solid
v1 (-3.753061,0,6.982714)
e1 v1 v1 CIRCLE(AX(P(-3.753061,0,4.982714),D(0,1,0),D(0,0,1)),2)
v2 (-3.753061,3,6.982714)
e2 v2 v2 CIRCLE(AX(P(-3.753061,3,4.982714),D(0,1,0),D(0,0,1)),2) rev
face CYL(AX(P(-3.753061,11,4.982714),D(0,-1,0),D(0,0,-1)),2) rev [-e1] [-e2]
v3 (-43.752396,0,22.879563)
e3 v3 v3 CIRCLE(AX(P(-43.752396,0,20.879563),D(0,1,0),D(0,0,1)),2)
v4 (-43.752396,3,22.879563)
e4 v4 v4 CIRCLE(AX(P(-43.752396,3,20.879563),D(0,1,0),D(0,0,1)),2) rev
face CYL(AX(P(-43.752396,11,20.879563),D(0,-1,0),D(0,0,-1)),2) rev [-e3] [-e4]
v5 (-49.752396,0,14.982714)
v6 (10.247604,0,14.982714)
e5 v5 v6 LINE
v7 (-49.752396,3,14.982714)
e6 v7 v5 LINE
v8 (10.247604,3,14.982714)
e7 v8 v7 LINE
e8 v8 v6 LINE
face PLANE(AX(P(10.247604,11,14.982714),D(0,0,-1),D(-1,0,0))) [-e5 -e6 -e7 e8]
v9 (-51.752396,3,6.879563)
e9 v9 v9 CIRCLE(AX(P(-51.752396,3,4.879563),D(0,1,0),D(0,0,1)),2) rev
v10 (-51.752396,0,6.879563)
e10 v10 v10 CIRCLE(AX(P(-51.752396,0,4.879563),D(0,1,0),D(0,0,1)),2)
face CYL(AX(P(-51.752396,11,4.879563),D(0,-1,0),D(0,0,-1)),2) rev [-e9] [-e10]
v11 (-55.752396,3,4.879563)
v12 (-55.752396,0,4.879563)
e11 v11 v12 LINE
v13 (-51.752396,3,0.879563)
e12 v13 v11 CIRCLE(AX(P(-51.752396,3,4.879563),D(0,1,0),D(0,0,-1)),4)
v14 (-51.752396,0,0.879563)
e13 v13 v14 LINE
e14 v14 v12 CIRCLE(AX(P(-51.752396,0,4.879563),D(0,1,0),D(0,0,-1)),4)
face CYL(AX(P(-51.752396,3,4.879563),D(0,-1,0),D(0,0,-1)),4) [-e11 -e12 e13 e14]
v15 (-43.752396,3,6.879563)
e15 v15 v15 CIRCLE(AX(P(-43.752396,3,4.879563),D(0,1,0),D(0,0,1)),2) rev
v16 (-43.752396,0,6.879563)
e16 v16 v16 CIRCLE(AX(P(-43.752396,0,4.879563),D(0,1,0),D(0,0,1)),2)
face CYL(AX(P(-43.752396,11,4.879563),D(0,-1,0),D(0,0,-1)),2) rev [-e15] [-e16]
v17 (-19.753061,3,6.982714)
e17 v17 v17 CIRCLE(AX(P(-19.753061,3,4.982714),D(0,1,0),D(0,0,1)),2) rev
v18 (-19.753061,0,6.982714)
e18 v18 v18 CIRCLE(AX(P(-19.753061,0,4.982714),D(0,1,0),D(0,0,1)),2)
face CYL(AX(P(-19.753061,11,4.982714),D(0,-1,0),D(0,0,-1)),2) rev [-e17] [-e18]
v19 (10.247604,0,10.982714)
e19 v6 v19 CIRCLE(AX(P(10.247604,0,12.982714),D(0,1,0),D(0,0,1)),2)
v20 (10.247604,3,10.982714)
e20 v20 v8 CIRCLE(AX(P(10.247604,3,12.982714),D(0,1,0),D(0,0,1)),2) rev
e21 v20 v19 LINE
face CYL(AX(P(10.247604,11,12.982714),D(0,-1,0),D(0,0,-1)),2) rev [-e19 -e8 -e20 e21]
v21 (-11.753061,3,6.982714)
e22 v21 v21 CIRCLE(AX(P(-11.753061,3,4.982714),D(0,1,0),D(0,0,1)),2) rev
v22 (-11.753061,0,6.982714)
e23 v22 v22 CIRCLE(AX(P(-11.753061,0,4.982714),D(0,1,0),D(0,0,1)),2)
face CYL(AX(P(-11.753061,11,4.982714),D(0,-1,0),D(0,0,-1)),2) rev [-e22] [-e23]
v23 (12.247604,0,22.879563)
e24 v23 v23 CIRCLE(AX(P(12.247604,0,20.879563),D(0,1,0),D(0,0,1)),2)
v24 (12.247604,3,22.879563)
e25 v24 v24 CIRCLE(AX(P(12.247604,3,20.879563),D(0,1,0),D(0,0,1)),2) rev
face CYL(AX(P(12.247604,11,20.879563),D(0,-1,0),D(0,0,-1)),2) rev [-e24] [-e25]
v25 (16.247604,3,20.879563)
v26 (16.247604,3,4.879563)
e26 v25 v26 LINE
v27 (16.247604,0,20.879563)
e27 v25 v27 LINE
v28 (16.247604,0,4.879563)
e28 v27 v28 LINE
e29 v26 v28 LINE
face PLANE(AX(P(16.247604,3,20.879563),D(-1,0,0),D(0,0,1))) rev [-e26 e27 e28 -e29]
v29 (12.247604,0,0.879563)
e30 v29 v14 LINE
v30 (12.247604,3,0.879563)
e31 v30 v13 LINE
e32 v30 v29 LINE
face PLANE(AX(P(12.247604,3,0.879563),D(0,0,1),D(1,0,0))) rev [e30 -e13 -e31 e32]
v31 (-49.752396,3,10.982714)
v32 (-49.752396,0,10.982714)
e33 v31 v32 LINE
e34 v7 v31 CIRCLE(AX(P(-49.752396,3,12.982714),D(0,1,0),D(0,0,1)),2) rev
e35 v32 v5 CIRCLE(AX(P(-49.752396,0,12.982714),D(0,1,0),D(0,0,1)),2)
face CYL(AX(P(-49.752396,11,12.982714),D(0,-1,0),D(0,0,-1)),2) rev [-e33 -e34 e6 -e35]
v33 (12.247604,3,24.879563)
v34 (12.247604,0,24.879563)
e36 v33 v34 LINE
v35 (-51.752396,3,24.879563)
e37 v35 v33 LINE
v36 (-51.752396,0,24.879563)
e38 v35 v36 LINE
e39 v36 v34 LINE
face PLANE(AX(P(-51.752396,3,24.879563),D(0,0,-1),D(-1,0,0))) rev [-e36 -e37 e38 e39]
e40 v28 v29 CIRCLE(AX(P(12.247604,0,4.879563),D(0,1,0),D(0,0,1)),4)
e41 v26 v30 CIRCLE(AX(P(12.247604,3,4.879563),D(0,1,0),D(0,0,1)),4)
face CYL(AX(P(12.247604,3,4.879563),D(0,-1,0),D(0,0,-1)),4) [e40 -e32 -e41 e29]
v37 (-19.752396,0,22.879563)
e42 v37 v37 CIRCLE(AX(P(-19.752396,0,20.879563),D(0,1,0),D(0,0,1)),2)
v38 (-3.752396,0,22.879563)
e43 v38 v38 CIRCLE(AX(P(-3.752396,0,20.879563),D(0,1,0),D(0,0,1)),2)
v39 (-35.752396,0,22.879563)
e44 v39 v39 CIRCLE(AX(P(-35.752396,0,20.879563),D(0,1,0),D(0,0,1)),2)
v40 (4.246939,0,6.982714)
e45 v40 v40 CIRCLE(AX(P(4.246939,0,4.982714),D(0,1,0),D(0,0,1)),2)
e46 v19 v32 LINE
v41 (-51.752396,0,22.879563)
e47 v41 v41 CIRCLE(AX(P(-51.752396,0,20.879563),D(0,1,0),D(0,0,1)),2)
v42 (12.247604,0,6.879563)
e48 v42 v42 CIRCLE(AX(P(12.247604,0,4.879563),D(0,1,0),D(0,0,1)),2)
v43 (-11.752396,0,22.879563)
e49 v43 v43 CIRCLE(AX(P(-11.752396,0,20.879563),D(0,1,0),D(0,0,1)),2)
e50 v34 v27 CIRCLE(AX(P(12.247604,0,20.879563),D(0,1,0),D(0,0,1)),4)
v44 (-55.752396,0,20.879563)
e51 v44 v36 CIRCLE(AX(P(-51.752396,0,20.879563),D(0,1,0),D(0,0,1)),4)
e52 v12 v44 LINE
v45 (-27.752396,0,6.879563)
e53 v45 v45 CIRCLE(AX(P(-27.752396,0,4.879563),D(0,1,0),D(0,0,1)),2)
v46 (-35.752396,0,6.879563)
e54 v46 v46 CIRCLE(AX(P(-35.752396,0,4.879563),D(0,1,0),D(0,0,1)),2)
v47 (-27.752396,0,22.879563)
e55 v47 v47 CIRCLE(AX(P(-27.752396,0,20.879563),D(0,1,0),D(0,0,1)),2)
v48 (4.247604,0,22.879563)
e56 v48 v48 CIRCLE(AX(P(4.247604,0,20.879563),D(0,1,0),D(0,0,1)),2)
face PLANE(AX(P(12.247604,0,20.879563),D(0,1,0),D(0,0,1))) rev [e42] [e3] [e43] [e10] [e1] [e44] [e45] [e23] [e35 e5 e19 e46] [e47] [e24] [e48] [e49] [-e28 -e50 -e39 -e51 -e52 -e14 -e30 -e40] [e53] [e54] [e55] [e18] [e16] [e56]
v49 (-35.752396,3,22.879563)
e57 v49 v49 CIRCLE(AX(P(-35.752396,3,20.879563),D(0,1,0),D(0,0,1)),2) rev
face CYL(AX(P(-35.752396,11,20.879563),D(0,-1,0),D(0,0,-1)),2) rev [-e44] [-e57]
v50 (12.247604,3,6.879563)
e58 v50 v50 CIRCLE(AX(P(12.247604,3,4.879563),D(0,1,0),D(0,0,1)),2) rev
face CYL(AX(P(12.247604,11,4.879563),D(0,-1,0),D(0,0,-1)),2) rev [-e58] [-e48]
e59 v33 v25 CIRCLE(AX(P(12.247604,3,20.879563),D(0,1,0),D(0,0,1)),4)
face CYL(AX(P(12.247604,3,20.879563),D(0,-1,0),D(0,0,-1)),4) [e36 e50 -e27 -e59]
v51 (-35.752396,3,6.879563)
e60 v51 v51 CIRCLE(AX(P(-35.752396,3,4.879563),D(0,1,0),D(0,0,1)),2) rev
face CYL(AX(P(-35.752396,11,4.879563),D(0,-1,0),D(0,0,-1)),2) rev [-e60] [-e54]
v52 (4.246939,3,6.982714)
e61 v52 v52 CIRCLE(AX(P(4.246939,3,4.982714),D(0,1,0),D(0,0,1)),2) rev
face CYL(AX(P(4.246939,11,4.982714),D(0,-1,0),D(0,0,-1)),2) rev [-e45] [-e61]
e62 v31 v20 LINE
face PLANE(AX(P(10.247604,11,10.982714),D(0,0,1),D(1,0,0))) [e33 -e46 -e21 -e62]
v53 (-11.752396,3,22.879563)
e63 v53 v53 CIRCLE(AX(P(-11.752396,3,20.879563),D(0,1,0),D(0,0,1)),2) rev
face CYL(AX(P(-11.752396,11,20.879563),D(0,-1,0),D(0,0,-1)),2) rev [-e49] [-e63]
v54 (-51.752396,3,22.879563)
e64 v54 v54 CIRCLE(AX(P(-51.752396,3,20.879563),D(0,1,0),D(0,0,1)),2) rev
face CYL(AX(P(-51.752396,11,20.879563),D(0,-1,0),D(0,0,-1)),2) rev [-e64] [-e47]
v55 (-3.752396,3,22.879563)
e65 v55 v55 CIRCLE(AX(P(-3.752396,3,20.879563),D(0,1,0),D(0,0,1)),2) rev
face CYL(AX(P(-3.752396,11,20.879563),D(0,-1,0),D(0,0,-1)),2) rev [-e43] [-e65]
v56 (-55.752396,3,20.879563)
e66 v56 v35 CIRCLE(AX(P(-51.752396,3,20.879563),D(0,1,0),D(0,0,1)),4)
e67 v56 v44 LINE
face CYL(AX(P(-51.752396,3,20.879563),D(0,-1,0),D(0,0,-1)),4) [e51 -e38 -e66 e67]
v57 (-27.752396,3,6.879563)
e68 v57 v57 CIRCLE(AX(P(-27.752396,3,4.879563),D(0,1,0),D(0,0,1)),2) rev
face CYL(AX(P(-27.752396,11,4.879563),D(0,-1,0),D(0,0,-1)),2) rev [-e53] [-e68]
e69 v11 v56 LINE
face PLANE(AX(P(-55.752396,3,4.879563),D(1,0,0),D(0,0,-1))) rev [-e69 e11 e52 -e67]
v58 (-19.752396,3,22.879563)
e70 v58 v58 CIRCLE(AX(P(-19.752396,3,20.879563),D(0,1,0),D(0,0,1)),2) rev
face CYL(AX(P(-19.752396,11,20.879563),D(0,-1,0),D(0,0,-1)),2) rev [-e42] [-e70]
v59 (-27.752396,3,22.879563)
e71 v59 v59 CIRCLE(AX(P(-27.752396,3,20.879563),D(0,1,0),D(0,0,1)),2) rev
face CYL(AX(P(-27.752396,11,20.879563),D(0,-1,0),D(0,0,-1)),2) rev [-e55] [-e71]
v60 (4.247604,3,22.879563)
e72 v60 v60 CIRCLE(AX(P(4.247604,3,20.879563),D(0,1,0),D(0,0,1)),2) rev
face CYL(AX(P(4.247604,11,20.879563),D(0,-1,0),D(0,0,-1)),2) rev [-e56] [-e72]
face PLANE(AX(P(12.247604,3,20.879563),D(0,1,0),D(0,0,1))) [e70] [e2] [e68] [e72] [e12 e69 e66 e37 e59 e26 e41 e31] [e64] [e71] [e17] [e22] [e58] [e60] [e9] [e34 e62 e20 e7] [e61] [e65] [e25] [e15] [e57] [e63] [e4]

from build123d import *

# Parameters (mm, degrees)
BOSS_EXTRUDE1_DEPTH = 3
SKETCH12_R          = 2
CUT_EXTRUDE1_DEPTH  = 11


with BuildPart() as part:
    # Sketch11 → Boss-Extrude1 (new body)
    with BuildSketch(Plane(origin=(0, 0, 0), x_dir=(1, 0, 0), z_dir=(0, 1, 0))):
        with BuildLine():
            Line((-55.752395734, -4.879563459), (-55.752395734, -20.879563459))
            ThreePointArc((-55.752395734, -20.879563459), (-54.580822858, -23.707990583), (-51.752395734, -24.879563459))
            Line((-51.752395734, -24.879563459), (12.247604266, -24.879563459))
            ThreePointArc((12.247604266, -24.879563459), (15.076031391, -23.707990583), (16.247604266, -20.879563459))
            Line((16.247604266, -20.879563459), (16.247604266, -4.879563459))
            ThreePointArc((16.247604266, -4.879563459), (15.076031391, -2.051136334), (12.247604266, -0.879563459))
            Line((12.247604266, -0.879563459), (-51.752395734, -0.879563459))
            ThreePointArc((-51.752395734, -0.879563459), (-54.580822858, -2.051136334), (-55.752395734, -4.879563459))
        make_face()
    extrude(amount=BOSS_EXTRUDE1_DEPTH)

    # Sketch12 → Cut-Extrude1 (cut)
    with BuildSketch(Plane(origin=(0, 0, 0), x_dir=(1, 0, 0), z_dir=(0, 1, 0))):
        with Locations(Location((-51.752395734, -4.879563459, 0), (0, 0, 270))):
            Circle(SKETCH12_R)
        with Locations(Location((-43.752395734, -4.879563459, 0), (0, 0, 270))):
            Circle(SKETCH12_R)
        with Locations(Location((-35.752395734, -4.879563459, 0), (0, 0, 270))):
            Circle(SKETCH12_R)
        with Locations(Location((-27.752395734, -4.879563459, 0), (0, 0, 270))):
            Circle(SKETCH12_R)
        with Locations(Location((-19.75306076, -4.982713721, 0), (0, 0, 270))):
            Circle(SKETCH12_R)
        with Locations(Location((-11.75306076, -4.982713721, 0), (0, 0, 270))):
            Circle(SKETCH12_R)
        with Locations(Location((-3.75306076, -4.982713721, 0), (0, 0, 270))):
            Circle(SKETCH12_R)
        with Locations(Location((4.24693924, -4.982713721, 0), (0, 0, 270))):
            Circle(SKETCH12_R)
        with Locations(Location((12.247604266, -4.879563459, 0), (0, 0, 270))):
            Circle(SKETCH12_R)
        with Locations(Location((-51.752395734, -20.879563459, 0), (0, 0, 270))):
            Circle(SKETCH12_R)
        with Locations(Location((-43.752395734, -20.879563459, 0), (0, 0, 270))):
            Circle(SKETCH12_R)
        with Locations(Location((-35.752395734, -20.879563459, 0), (0, 0, 270))):
            Circle(SKETCH12_R)
        with Locations(Location((-27.752395734, -20.879563459, 0), (0, 0, 270))):
            Circle(SKETCH12_R)
        with Locations(Location((-19.752395734, -20.879563459, 0), (0, 0, 270))):
            Circle(SKETCH12_R)
        with Locations(Location((-11.752395734, -20.879563459, 0), (0, 0, 270))):
            Circle(SKETCH12_R)
        with Locations(Location((-3.752395734, -20.879563459, 0), (0, 0, 270))):
            Circle(SKETCH12_R)
        with Locations(Location((4.247604266, -20.879563459, 0), (0, 0, 270))):
            Circle(SKETCH12_R)
        with Locations(Location((12.247604266, -20.879563459, 0), (0, 0, 270))):
            Circle(SKETCH12_R)
        with BuildLine():
            Line((10.247604266, -14.982713721), (-49.752395734, -14.982713721))
            ThreePointArc((-49.752395734, -14.982713721), (-51.752395734, -12.982713721), (-49.752395734, -10.982713721))
            Line((-49.752395734, -10.982713721), (10.247604266, -10.982713721))
            ThreePointArc((10.247604266, -10.982713721), (12.247604266, -12.982713721), (10.247604266, -14.982713721))
        make_face()
    extrude(amount=CUT_EXTRUDE1_DEPTH, mode=Mode.SUBTRACT)


solid = part.part
